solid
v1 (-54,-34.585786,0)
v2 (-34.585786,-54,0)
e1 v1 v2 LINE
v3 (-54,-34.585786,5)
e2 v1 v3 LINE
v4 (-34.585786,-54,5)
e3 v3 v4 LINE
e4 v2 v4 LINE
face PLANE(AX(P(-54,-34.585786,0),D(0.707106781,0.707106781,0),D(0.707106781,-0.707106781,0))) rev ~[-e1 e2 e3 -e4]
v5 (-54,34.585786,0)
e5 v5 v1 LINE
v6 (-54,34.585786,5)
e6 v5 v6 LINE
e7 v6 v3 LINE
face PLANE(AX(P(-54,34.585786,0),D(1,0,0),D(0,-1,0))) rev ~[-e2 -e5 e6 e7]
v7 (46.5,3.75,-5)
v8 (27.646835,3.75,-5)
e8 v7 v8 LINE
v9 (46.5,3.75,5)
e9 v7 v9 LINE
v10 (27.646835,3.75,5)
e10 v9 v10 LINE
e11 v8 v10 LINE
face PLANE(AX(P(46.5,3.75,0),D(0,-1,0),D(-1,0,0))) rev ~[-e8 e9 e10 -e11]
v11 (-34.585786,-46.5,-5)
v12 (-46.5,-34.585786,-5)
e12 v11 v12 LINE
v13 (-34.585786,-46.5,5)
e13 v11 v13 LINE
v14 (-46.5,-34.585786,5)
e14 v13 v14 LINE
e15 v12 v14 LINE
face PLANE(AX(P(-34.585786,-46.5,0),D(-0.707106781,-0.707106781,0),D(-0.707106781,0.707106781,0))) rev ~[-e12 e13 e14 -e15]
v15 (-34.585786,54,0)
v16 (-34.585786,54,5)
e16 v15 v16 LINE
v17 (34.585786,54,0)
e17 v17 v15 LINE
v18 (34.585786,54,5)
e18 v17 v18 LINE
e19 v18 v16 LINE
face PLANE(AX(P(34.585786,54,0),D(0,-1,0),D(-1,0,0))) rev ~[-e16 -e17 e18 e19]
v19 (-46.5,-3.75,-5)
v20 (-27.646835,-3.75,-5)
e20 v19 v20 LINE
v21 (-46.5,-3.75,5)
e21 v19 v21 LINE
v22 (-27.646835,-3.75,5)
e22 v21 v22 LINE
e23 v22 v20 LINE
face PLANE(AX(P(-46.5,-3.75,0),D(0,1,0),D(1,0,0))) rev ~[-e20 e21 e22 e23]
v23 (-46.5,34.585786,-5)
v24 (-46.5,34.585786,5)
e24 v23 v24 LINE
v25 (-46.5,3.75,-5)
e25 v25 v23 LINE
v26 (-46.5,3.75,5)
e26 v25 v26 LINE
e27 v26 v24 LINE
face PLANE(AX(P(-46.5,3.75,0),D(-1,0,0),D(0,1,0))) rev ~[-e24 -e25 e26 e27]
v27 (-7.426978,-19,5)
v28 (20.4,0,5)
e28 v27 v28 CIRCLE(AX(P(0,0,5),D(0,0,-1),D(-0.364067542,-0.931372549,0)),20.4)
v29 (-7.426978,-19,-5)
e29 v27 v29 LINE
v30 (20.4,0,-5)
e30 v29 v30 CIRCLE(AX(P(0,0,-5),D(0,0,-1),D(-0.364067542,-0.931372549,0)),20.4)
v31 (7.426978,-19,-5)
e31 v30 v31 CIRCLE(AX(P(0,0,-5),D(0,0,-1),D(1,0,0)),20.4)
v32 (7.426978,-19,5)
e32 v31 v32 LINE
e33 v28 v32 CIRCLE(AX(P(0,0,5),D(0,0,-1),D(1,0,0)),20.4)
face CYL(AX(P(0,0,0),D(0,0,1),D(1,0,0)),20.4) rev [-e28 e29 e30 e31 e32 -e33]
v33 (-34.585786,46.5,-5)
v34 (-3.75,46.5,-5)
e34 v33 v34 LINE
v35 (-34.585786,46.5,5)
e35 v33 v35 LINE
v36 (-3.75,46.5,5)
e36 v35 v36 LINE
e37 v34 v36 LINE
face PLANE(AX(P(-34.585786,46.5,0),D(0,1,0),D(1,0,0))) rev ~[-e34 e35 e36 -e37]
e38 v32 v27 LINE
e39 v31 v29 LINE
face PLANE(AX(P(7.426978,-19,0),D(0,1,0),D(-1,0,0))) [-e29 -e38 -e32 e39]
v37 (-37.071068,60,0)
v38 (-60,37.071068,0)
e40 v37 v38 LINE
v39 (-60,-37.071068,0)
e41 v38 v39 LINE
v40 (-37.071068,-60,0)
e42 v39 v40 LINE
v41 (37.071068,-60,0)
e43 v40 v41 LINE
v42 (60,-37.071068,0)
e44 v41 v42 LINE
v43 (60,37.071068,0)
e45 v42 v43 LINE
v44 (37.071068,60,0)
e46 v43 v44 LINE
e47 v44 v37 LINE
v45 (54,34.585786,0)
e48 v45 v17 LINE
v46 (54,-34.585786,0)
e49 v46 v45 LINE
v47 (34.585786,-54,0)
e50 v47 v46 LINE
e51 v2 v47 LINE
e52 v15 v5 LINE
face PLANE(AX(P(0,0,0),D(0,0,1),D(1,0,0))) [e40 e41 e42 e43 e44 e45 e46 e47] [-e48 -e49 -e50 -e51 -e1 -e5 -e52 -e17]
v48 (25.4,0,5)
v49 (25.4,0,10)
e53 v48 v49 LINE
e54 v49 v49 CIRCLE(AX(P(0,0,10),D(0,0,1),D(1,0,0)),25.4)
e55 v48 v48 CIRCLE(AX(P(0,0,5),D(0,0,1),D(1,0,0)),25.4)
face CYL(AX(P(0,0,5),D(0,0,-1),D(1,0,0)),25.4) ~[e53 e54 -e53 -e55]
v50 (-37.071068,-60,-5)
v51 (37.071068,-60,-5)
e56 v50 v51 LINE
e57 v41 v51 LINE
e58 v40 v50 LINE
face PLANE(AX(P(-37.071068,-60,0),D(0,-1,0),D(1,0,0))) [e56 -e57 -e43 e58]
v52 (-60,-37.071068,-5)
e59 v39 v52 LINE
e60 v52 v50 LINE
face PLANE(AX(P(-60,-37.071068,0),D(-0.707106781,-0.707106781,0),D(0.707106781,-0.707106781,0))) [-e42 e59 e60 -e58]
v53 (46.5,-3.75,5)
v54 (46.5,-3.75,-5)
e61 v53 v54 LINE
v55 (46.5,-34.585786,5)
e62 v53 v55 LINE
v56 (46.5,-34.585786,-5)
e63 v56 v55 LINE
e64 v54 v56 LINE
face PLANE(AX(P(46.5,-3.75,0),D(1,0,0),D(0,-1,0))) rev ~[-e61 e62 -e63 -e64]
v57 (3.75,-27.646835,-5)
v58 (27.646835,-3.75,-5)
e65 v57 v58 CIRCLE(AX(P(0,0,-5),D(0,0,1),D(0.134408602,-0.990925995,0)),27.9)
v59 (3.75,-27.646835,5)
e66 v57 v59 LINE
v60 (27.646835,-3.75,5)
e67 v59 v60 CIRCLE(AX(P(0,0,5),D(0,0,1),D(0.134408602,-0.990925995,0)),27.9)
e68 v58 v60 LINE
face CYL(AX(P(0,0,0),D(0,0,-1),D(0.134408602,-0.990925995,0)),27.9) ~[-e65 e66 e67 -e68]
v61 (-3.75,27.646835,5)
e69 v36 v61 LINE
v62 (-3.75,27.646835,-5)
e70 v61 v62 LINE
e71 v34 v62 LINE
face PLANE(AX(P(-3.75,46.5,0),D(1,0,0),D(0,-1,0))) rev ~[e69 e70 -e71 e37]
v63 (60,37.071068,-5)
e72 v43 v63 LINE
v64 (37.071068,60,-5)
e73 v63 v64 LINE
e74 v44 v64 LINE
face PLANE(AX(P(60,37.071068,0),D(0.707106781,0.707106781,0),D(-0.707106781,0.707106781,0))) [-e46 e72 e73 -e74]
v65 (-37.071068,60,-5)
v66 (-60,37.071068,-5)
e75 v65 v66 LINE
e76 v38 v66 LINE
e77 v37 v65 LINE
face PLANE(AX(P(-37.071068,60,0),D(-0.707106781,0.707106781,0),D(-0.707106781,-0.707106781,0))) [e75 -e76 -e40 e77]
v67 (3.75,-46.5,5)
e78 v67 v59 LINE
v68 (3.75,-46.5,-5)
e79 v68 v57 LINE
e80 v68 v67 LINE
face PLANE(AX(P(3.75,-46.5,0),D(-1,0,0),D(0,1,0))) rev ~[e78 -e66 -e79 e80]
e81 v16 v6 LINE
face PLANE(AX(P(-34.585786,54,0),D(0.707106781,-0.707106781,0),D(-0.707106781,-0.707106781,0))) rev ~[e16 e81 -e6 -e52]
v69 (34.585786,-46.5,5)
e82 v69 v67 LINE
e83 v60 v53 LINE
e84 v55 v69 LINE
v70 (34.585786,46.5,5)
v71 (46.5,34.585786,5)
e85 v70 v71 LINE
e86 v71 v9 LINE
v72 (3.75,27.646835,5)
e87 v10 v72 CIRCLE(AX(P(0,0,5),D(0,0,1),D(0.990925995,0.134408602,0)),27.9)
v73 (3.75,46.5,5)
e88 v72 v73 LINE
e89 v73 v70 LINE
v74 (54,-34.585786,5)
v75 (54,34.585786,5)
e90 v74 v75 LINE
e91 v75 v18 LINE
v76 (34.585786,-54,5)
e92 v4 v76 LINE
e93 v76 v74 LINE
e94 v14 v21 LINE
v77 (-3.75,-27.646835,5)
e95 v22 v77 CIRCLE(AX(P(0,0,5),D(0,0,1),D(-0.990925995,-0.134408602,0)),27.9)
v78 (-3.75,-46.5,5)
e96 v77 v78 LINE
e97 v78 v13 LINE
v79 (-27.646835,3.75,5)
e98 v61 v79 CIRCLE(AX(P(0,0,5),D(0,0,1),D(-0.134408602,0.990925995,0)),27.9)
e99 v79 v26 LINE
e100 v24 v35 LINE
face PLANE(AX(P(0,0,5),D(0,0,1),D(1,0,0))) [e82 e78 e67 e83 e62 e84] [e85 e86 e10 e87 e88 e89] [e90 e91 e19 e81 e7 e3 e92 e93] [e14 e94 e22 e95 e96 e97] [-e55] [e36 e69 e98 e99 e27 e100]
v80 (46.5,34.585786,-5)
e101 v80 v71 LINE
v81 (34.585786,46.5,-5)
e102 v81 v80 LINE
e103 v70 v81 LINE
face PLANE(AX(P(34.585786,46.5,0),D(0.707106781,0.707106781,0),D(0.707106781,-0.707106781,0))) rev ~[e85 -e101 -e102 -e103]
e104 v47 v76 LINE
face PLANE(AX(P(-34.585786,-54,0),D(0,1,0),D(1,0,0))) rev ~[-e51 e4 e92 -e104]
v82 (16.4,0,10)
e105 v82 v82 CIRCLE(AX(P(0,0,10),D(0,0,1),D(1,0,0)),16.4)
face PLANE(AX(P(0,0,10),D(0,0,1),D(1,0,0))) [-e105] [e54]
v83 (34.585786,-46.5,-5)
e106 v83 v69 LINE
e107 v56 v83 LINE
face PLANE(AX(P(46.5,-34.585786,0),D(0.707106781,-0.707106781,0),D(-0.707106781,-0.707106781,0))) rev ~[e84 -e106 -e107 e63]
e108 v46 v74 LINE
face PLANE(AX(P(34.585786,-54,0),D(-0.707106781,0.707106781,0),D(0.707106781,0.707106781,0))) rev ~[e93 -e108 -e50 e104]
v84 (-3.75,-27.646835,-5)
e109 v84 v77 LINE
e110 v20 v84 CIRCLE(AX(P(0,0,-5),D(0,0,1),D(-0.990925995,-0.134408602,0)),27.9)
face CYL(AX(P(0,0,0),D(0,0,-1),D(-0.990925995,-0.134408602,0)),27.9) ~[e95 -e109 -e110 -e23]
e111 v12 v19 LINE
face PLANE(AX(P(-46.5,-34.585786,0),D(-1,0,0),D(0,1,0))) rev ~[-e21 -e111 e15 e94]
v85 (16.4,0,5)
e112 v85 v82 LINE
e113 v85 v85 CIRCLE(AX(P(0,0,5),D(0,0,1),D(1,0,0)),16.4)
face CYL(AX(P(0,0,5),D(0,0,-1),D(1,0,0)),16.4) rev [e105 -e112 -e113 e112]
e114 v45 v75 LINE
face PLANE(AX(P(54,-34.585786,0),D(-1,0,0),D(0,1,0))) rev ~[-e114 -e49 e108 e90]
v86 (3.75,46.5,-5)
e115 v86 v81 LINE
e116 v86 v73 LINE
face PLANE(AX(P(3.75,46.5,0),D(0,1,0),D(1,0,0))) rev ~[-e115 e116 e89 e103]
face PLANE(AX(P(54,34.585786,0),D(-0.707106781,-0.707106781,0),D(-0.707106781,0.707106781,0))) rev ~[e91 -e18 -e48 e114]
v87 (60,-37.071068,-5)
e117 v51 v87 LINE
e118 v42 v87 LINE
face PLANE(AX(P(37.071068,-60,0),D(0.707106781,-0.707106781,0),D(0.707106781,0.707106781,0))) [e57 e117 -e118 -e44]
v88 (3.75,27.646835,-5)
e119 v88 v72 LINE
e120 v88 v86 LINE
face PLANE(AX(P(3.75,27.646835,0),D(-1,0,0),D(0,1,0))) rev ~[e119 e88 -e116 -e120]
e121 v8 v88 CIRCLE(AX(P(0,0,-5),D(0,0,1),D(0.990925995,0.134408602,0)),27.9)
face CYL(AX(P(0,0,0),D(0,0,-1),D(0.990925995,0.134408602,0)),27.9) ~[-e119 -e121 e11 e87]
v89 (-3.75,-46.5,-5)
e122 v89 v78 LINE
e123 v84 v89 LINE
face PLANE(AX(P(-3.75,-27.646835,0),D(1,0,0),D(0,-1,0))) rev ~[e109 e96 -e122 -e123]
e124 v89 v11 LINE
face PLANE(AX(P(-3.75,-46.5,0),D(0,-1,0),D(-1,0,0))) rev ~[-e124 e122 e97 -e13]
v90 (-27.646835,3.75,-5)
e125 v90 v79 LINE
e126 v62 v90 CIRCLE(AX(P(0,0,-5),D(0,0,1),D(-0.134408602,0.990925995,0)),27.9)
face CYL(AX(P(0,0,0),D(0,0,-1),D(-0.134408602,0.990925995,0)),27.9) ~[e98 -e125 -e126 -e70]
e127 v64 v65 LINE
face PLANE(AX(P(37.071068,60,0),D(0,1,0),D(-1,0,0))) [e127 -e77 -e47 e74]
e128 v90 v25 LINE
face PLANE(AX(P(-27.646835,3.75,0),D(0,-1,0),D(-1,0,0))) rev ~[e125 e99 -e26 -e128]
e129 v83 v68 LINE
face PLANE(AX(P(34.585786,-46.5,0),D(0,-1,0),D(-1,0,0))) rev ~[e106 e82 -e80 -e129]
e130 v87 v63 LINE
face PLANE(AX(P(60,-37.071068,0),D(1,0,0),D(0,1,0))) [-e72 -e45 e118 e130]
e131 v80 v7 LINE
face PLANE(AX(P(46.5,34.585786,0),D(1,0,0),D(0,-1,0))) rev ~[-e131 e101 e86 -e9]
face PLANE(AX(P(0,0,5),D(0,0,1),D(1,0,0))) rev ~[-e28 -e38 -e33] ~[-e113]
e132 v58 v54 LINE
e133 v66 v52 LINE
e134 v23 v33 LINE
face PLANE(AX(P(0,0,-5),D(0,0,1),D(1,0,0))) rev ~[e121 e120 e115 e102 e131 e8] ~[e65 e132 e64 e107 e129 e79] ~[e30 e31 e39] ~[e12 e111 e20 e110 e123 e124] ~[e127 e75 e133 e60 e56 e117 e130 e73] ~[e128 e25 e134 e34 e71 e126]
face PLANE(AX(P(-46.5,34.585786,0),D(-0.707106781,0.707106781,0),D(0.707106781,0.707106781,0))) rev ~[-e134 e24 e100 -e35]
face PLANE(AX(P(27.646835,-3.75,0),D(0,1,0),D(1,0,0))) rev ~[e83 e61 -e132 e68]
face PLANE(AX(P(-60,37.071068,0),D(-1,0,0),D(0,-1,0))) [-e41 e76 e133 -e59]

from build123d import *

# Parameters (mm, degrees)
F2_DEPTH = 5
F3_DEPTH = 5
F4_R     = 25.4
F4_R_2   = 16.4
F5_DEPTH = 5


with BuildPart() as f2:
    # F1 (on Top) → F2 (new body)
    with BuildSketch(Plane.XY):
        Polygon((34.5857864376, 54), (-34.5857864376, 54), (-54, 34.5857864376), (-54, -34.5857864376), (-34.5857864376, -54), (34.5857864376, -54), (54, -34.5857864376), (54, 34.5857864376), align=None)
        Polygon((46.5, 34.5857864376), (46.5, 3.75), (46.5, -3.75), (46.5, -34.5857864376), (34.5857864376, -46.5), (3.75, -46.5), (-3.75, -46.5), (-34.5857864376, -46.5), (-46.5, -34.5857864376), (-46.5, -3.75), (-46.5, 3.75), (-46.5, 34.5857864376), (-34.5857864376, 46.5), (-3.75, 46.5), (3.75, 46.5), (34.5857864376, 46.5), align=None, mode=Mode.SUBTRACT)
        with BuildLine():
            ThreePointArc((27.6468352619, -3.75), (27.8366368641, -1.8792679682), (27.9, 0))
            ThreePointArc((27.9, 0), (27.8366368641, 1.8792679682), (27.6468352619, 3.75))
            ThreePointArc((27.6468352619, 3.75), (19.7282791951, 19.7282791951), (3.75, 27.6468352619))
            ThreePointArc((3.75, 27.6468352619), (0, 27.9), (-3.75, 27.6468352619))
            ThreePointArc((-3.75, 27.6468352619), (-19.7282791951, 19.7282791951), (-27.6468352619, 3.75))
            ThreePointArc((-27.6468352619, 3.75), (-27.9, 0), (-27.6468352619, -3.75))
            ThreePointArc((-27.6468352619, -3.75), (-19.7282791951, -19.7282791951), (-3.75, -27.6468352619))
            ThreePointArc((-3.75, -27.6468352619), (0, -27.9), (3.75, -27.6468352619))
            ThreePointArc((3.75, -27.6468352619), (19.7282791951, -19.7282791951), (27.6468352619, -3.75))
        make_face()
        with BuildLine():
            ThreePointArc((7.4269778511, -19), (0, -20.4), (-7.4269778511, -19))
            ThreePointArc((-7.4269778511, -19), (-11.5032528408, 16.8474085272), (20.4, 0))
            ThreePointArc((20.4, 0), (16.8474085272, -11.5032528408), (7.4269778511, -19))
        make_face(mode=Mode.SUBTRACT)
        Polygon((-42.0710678119, 55), (-35, 55), (35, 55), (42.0710678119, 55), (37.0710678119, 60), (-37.0710678119, 60), align=None)
        Polygon((-55, 35), (-55, 42.0710678119), (-60, 37.0710678119), (-60, -37.0710678119), (-55, -42.0710678119), (-55, -35), align=None)
        Polygon((-42.0710678119, -55), (-37.0710678119, -60), (37.0710678119, -60), (42.0710678119, -55), (35, -55), (-35, -55), align=None)
        Polygon((60, 37.0710678119), (55, 42.0710678119), (55, 35), (55, -35), (55, -42.0710678119), (60, -37.0710678119), align=None)
        with BuildLine():
            ThreePointArc((27.6468352619, 3.75), (27.8366368641, 1.8792679682), (27.9, 0))
            ThreePointArc((27.9, 0), (27.8366368641, -1.8792679682), (27.6468352619, -3.75))
            Line((27.6468352619, -3.75), (46.5, -3.75))
            Line((46.5, -3.75), (46.5, 3.75))
            Line((46.5, 3.75), (27.6468352619, 3.75))
        make_face()
        with BuildLine():
            ThreePointArc((-3.75, 27.6468352619), (0, 27.9), (3.75, 27.6468352619))
            Line((3.75, 27.6468352619), (3.75, 46.5))
            Line((3.75, 46.5), (-3.75, 46.5))
            Line((-3.75, 46.5), (-3.75, 27.6468352619))
        make_face()
        with BuildLine():
            ThreePointArc((-27.6468352619, -3.75), (-27.9, 0), (-27.6468352619, 3.75))
            Line((-27.6468352619, 3.75), (-46.5, 3.75))
            Line((-46.5, 3.75), (-46.5, -3.75))
            Line((-46.5, -3.75), (-27.6468352619, -3.75))
        make_face()
        with BuildLine():
            Line((3.75, -46.5), (3.75, -27.6468352619))
            ThreePointArc((3.75, -27.6468352619), (0, -27.9), (-3.75, -27.6468352619))
            Line((-3.75, -27.6468352619), (-3.75, -46.5))
            Line((-3.75, -46.5), (3.75, -46.5))
        make_face()
        Polygon((-54, 36), (-36, 54), (-43.0710678119, 54), (-54, 43.0710678119), align=None)
        Polygon((-36, -54), (-54, -36), (-54, -43.0710678119), (-43.0710678119, -54), align=None)
        Polygon((54, -43.0710678119), (54, -36), (36, -54), (43.0710678119, -54), align=None)
        Polygon((43.0710678119, 54), (36, 54), (54, 36), (54, 43.0710678119), align=None)
        Polygon((-54, 34.5857864376), (-54, 36), (-55, 35), (-55, -35), (-54, -36), (-54, -34.5857864376), align=None)
        Polygon((34.5857864376, -54), (-34.5857864376, -54), (-36, -54), (-35, -55), (35, -55), (36, -54), align=None)
        Polygon((35, 55), (-35, 55), (-36, 54), (-34.5857864376, 54), (34.5857864376, 54), (36, 54), align=None)
        Polygon((55, 35), (54, 36), (54, 34.5857864376), (54, -34.5857864376), (54, -36), (55, -35), align=None)
        Polygon((-34.5857864376, -54), (-54, -34.5857864376), (-54, -36), (-36, -54), align=None)
        Polygon((-34.5857864376, 54), (-36, 54), (-54, 36), (-54, 34.5857864376), align=None)
        Polygon((54, -36), (54, -34.5857864376), (34.5857864376, -54), (36, -54), align=None)
        Polygon((54, 36), (36, 54), (34.5857864376, 54), (54, 34.5857864376), align=None)
        with BuildLine():
            ThreePointArc((3.9191835885, -19), (0, -19.4), (-3.9191835885, -19))
            Line((-3.9191835885, -19), (-7.4269778511, -19))
            ThreePointArc((-7.4269778511, -19), (0, -20.4), (7.4269778511, -19))
            Line((7.4269778511, -19), (3.9191835885, -19))
        make_face()
        Polygon((-36, 54), (-35, 55), (-42.0710678119, 55), (-43.0710678119, 54), align=None)
        Polygon((-55, 35), (-54, 36), (-54, 43.0710678119), (-55, 42.0710678119), align=None)
        Polygon((-54, -36), (-55, -35), (-55, -42.0710678119), (-54, -43.0710678119), align=None)
        Polygon((-35, -55), (-36, -54), (-43.0710678119, -54), (-42.0710678119, -55), align=None)
        Polygon((55, -42.0710678119), (55, -35), (54, -36), (54, -43.0710678119), align=None)
        Polygon((43.0710678119, -54), (36, -54), (35, -55), (42.0710678119, -55), align=None)
        Polygon((42.0710678119, 55), (35, 55), (36, 54), (43.0710678119, 54), align=None)
        Polygon((54, 43.0710678119), (54, 36), (55, 35), (55, 42.0710678119), align=None)
        with BuildLine():
            Line((3.9191835885, -19), (-3.9191835885, -19))
            ThreePointArc((-3.9191835885, -19), (0, -19.4), (3.9191835885, -19))
        make_face()
    extrude(amount=-F2_DEPTH)

    # F1 (on Top) → F3 (join)
    with BuildSketch(Plane.XY):
        Polygon((34.5857864376, 54), (-34.5857864376, 54), (-54, 34.5857864376), (-54, -34.5857864376), (-34.5857864376, -54), (34.5857864376, -54), (54, -34.5857864376), (54, 34.5857864376), align=None)
        Polygon((46.5, 34.5857864376), (46.5, 3.75), (46.5, -3.75), (46.5, -34.5857864376), (34.5857864376, -46.5), (3.75, -46.5), (-3.75, -46.5), (-34.5857864376, -46.5), (-46.5, -34.5857864376), (-46.5, -3.75), (-46.5, 3.75), (-46.5, 34.5857864376), (-34.5857864376, 46.5), (-3.75, 46.5), (3.75, 46.5), (34.5857864376, 46.5), align=None, mode=Mode.SUBTRACT)
        with BuildLine():
            ThreePointArc((27.6468352619, -3.75), (27.8366368641, -1.8792679682), (27.9, 0))
            ThreePointArc((27.9, 0), (27.8366368641, 1.8792679682), (27.6468352619, 3.75))
            ThreePointArc((27.6468352619, 3.75), (19.7282791951, 19.7282791951), (3.75, 27.6468352619))
            ThreePointArc((3.75, 27.6468352619), (0, 27.9), (-3.75, 27.6468352619))
            ThreePointArc((-3.75, 27.6468352619), (-19.7282791951, 19.7282791951), (-27.6468352619, 3.75))
            ThreePointArc((-27.6468352619, 3.75), (-27.9, 0), (-27.6468352619, -3.75))
            ThreePointArc((-27.6468352619, -3.75), (-19.7282791951, -19.7282791951), (-3.75, -27.6468352619))
            ThreePointArc((-3.75, -27.6468352619), (0, -27.9), (3.75, -27.6468352619))
            ThreePointArc((3.75, -27.6468352619), (19.7282791951, -19.7282791951), (27.6468352619, -3.75))
        make_face()
        with BuildLine():
            ThreePointArc((7.4269778511, -19), (0, -20.4), (-7.4269778511, -19))
            ThreePointArc((-7.4269778511, -19), (-11.5032528408, 16.8474085272), (20.4, 0))
            ThreePointArc((20.4, 0), (16.8474085272, -11.5032528408), (7.4269778511, -19))
        make_face(mode=Mode.SUBTRACT)
        with BuildLine():
            Line((3.75, -46.5), (3.75, -27.6468352619))
            ThreePointArc((3.75, -27.6468352619), (0, -27.9), (-3.75, -27.6468352619))
            Line((-3.75, -27.6468352619), (-3.75, -46.5))
            Line((-3.75, -46.5), (3.75, -46.5))
        make_face()
        with BuildLine():
            ThreePointArc((-27.6468352619, -3.75), (-27.9, 0), (-27.6468352619, 3.75))
            Line((-27.6468352619, 3.75), (-46.5, 3.75))
            Line((-46.5, 3.75), (-46.5, -3.75))
            Line((-46.5, -3.75), (-27.6468352619, -3.75))
        make_face()
        with BuildLine():
            ThreePointArc((27.6468352619, 3.75), (27.8366368641, 1.8792679682), (27.9, 0))
            ThreePointArc((27.9, 0), (27.8366368641, -1.8792679682), (27.6468352619, -3.75))
            Line((27.6468352619, -3.75), (46.5, -3.75))
            Line((46.5, -3.75), (46.5, 3.75))
            Line((46.5, 3.75), (27.6468352619, 3.75))
        make_face()
        with BuildLine():
            ThreePointArc((-3.75, 27.6468352619), (0, 27.9), (3.75, 27.6468352619))
            Line((3.75, 27.6468352619), (3.75, 46.5))
            Line((3.75, 46.5), (-3.75, 46.5))
            Line((-3.75, 46.5), (-3.75, 27.6468352619))
        make_face()
        with BuildLine():
            ThreePointArc((3.9191835885, -19), (0, -19.4), (-3.9191835885, -19))
            Line((-3.9191835885, -19), (-7.4269778511, -19))
            ThreePointArc((-7.4269778511, -19), (0, -20.4), (7.4269778511, -19))
            Line((7.4269778511, -19), (3.9191835885, -19))
        make_face()
        with BuildLine():
            Line((3.9191835885, -19), (-3.9191835885, -19))
            ThreePointArc((-3.9191835885, -19), (0, -19.4), (3.9191835885, -19))
        make_face()
    extrude(amount=F3_DEPTH)

    # F4 (on face) → F5 (join)
    with BuildSketch(Plane.XY.offset(5)):
        Circle(F4_R)
        with BuildLine():
            ThreePointArc((-7.4269778511, -19), (0, 20.4), (7.4269778511, -19))
            Line((7.4269778511, -19), (-7.4269778511, -19))
        make_face(mode=Mode.SUBTRACT)
        with BuildLine():
            Line((-7.4269778511, -19), (7.4269778511, -19))
            ThreePointArc((7.4269778511, -19), (0, 20.4), (-7.4269778511, -19))
        make_face()
        Circle(F4_R_2, mode=Mode.SUBTRACT)
    extrude(amount=F5_DEPTH)


solid = f2.part
